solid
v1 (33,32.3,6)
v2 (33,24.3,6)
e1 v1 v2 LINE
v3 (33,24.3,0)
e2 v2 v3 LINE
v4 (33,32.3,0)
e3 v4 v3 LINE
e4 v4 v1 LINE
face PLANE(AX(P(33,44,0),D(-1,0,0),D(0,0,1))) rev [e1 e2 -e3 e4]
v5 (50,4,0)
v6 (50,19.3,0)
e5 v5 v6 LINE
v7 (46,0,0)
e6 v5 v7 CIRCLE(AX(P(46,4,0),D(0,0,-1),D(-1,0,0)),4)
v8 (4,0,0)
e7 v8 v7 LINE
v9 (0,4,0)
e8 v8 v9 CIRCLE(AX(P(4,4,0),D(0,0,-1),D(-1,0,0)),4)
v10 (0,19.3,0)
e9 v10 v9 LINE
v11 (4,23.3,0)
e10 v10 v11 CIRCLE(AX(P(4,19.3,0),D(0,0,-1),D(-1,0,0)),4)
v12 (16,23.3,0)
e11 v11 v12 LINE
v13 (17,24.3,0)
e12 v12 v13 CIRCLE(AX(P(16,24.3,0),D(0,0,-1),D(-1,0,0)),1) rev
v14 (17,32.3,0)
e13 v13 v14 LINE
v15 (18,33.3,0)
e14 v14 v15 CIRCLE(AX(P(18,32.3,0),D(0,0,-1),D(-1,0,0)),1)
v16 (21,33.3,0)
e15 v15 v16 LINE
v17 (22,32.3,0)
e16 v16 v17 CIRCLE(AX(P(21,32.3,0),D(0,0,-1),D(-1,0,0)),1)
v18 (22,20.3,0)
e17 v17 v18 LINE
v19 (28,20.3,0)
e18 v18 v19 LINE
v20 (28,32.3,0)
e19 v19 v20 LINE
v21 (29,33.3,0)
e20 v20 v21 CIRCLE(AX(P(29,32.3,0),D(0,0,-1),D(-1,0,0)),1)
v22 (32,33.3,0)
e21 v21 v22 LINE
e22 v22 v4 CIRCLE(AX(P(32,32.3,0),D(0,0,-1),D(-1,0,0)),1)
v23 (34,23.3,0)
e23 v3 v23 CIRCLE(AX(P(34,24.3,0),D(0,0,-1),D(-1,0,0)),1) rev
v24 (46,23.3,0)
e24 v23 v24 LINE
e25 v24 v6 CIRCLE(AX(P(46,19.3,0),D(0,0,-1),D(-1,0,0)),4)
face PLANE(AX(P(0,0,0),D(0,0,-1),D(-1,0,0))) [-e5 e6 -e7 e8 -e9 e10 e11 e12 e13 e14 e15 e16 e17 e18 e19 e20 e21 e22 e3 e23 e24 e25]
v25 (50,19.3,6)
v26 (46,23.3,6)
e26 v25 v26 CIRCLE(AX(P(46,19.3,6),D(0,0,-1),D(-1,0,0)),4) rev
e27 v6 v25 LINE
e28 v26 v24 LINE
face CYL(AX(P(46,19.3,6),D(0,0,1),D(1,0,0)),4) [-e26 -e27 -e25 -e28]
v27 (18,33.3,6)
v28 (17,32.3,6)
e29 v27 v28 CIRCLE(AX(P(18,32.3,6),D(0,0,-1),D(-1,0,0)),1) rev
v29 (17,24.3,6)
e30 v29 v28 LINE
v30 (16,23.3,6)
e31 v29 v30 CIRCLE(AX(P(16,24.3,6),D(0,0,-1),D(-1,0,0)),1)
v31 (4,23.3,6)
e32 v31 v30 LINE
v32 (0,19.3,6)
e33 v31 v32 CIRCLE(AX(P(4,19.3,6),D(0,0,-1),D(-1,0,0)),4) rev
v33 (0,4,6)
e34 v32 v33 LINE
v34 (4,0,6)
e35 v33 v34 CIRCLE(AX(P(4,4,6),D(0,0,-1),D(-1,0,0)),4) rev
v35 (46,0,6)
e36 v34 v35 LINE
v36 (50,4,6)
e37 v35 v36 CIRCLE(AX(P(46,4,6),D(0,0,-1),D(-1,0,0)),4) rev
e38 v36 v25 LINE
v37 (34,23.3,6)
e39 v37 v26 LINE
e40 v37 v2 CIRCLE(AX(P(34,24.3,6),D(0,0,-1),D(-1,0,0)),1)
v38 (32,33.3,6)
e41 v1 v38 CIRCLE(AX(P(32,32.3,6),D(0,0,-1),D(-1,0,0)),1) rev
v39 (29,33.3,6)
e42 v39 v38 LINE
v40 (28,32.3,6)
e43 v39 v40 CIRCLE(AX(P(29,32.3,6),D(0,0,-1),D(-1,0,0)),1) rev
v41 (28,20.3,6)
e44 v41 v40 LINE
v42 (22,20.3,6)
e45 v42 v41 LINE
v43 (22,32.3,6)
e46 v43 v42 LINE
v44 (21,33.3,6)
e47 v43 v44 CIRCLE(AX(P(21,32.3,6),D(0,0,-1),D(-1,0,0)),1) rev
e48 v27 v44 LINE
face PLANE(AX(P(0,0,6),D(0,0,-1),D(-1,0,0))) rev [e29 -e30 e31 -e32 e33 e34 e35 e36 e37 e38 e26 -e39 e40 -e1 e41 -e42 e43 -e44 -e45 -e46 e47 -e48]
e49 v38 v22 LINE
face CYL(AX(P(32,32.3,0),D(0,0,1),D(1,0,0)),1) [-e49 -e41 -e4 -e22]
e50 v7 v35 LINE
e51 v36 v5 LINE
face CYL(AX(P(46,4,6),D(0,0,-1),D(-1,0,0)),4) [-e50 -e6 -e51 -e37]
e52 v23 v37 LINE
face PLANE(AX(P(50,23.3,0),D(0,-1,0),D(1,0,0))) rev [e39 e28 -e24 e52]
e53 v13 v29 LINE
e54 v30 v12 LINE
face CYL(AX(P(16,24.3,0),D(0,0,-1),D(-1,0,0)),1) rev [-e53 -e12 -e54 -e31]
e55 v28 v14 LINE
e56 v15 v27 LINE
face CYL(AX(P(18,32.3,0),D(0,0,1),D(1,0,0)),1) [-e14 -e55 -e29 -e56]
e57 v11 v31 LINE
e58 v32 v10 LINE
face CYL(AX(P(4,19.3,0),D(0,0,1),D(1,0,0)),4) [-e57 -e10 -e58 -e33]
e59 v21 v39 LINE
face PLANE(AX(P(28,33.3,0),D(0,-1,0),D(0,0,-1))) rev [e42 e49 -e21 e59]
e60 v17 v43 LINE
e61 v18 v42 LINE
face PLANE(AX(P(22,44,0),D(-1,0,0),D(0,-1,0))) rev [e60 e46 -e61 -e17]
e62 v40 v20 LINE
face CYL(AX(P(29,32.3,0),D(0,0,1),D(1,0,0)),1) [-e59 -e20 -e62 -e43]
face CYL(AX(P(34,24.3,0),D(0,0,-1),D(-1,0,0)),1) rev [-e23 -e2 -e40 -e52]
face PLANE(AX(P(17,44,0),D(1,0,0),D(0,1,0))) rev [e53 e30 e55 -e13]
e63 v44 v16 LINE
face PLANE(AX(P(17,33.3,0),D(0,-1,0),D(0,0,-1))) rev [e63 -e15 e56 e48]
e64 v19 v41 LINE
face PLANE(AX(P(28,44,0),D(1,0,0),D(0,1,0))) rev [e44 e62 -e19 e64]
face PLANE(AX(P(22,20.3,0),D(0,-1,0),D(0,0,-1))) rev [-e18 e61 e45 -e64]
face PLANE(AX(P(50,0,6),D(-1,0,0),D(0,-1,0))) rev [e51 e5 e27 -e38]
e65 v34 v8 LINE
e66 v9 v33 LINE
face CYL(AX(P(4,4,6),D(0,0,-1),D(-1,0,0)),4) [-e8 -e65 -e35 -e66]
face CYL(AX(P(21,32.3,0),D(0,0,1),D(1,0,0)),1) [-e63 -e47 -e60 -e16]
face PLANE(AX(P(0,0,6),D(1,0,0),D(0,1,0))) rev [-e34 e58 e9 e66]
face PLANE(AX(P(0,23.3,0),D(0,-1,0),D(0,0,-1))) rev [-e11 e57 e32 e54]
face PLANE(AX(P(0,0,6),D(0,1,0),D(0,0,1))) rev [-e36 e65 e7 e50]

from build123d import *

# Parameters (mm, degrees)
ESQUISSE1_W             = 50
ESQUISSE1_H             = 44
BOSS_EXTRU_1_DEPTH      = 6
ESQUISSE2_W             = 6
ESQUISSE2_H             = 23.7
ESQUISSE2_W_2           = 17
ESQUISSE2_H_2           = 20.7
ENL_V_MAT_EXTRU_1_DEPTH = 6
ESQUISSE3_W             = 5
ESQUISSE3_H             = 10.7
ENL_V_MAT_EXTRU_2_DEPTH = 6
CONG_1_R                = 4
CONG_2_R                = 1


with BuildPart() as part:
    # Esquisse1 → Boss.-Extru.1 (new body)
    with BuildSketch(Plane.XY):
        with Locations((25, 22)):
            Rectangle(ESQUISSE1_W, ESQUISSE1_H)
    extrude(amount=BOSS_EXTRU_1_DEPTH)

    # Esquisse2 → Enlèv. mat.-Extru.1 (cut)
    with BuildSketch(Plane.XY.offset(6)):
        with Locations((25, 32.15)):
            Rectangle(ESQUISSE2_W, ESQUISSE2_H)
        with Locations((41.5, 33.65)):
            Rectangle(ESQUISSE2_W_2, ESQUISSE2_H_2)
        with Locations((8.5, 33.65)):
            Rectangle(ESQUISSE2_W_2, ESQUISSE2_H_2)
    extrude(amount=-ENL_V_MAT_EXTRU_1_DEPTH, mode=Mode.SUBTRACT)

    # Esquisse3 → Enlèv. mat.-Extru.2 (cut)
    with BuildSketch(Plane.XY.offset(6)):
        with Locations((19.5, 38.65)):
            Rectangle(ESQUISSE3_W, ESQUISSE3_H)
        with Locations((30.5, 38.65)):
            Rectangle(ESQUISSE3_W, ESQUISSE3_H)
    extrude(amount=-ENL_V_MAT_EXTRU_2_DEPTH, mode=Mode.SUBTRACT)

    # Congé1
    cong_1_edges = [part.edges().sort_by_distance(p)[0] for p in [
        (50, 23.3, 3),
        (0, 23.3, 3),
        (50, 0, 3),
        (0, 0, 3),
    ]]
    fillet(cong_1_edges, radius=CONG_1_R)

    # Congé2
    cong_2_edges = [part.edges().sort_by_distance(p)[0] for p in [
        (33, 23.3, 3),
        (17, 23.3, 3),
        (17, 33.3, 3),
        (22, 33.3, 3),
        (28, 33.3, 3),
        (33, 33.3, 3),
    ]]
    fillet(cong_2_edges, radius=CONG_2_R)


solid = part.part
